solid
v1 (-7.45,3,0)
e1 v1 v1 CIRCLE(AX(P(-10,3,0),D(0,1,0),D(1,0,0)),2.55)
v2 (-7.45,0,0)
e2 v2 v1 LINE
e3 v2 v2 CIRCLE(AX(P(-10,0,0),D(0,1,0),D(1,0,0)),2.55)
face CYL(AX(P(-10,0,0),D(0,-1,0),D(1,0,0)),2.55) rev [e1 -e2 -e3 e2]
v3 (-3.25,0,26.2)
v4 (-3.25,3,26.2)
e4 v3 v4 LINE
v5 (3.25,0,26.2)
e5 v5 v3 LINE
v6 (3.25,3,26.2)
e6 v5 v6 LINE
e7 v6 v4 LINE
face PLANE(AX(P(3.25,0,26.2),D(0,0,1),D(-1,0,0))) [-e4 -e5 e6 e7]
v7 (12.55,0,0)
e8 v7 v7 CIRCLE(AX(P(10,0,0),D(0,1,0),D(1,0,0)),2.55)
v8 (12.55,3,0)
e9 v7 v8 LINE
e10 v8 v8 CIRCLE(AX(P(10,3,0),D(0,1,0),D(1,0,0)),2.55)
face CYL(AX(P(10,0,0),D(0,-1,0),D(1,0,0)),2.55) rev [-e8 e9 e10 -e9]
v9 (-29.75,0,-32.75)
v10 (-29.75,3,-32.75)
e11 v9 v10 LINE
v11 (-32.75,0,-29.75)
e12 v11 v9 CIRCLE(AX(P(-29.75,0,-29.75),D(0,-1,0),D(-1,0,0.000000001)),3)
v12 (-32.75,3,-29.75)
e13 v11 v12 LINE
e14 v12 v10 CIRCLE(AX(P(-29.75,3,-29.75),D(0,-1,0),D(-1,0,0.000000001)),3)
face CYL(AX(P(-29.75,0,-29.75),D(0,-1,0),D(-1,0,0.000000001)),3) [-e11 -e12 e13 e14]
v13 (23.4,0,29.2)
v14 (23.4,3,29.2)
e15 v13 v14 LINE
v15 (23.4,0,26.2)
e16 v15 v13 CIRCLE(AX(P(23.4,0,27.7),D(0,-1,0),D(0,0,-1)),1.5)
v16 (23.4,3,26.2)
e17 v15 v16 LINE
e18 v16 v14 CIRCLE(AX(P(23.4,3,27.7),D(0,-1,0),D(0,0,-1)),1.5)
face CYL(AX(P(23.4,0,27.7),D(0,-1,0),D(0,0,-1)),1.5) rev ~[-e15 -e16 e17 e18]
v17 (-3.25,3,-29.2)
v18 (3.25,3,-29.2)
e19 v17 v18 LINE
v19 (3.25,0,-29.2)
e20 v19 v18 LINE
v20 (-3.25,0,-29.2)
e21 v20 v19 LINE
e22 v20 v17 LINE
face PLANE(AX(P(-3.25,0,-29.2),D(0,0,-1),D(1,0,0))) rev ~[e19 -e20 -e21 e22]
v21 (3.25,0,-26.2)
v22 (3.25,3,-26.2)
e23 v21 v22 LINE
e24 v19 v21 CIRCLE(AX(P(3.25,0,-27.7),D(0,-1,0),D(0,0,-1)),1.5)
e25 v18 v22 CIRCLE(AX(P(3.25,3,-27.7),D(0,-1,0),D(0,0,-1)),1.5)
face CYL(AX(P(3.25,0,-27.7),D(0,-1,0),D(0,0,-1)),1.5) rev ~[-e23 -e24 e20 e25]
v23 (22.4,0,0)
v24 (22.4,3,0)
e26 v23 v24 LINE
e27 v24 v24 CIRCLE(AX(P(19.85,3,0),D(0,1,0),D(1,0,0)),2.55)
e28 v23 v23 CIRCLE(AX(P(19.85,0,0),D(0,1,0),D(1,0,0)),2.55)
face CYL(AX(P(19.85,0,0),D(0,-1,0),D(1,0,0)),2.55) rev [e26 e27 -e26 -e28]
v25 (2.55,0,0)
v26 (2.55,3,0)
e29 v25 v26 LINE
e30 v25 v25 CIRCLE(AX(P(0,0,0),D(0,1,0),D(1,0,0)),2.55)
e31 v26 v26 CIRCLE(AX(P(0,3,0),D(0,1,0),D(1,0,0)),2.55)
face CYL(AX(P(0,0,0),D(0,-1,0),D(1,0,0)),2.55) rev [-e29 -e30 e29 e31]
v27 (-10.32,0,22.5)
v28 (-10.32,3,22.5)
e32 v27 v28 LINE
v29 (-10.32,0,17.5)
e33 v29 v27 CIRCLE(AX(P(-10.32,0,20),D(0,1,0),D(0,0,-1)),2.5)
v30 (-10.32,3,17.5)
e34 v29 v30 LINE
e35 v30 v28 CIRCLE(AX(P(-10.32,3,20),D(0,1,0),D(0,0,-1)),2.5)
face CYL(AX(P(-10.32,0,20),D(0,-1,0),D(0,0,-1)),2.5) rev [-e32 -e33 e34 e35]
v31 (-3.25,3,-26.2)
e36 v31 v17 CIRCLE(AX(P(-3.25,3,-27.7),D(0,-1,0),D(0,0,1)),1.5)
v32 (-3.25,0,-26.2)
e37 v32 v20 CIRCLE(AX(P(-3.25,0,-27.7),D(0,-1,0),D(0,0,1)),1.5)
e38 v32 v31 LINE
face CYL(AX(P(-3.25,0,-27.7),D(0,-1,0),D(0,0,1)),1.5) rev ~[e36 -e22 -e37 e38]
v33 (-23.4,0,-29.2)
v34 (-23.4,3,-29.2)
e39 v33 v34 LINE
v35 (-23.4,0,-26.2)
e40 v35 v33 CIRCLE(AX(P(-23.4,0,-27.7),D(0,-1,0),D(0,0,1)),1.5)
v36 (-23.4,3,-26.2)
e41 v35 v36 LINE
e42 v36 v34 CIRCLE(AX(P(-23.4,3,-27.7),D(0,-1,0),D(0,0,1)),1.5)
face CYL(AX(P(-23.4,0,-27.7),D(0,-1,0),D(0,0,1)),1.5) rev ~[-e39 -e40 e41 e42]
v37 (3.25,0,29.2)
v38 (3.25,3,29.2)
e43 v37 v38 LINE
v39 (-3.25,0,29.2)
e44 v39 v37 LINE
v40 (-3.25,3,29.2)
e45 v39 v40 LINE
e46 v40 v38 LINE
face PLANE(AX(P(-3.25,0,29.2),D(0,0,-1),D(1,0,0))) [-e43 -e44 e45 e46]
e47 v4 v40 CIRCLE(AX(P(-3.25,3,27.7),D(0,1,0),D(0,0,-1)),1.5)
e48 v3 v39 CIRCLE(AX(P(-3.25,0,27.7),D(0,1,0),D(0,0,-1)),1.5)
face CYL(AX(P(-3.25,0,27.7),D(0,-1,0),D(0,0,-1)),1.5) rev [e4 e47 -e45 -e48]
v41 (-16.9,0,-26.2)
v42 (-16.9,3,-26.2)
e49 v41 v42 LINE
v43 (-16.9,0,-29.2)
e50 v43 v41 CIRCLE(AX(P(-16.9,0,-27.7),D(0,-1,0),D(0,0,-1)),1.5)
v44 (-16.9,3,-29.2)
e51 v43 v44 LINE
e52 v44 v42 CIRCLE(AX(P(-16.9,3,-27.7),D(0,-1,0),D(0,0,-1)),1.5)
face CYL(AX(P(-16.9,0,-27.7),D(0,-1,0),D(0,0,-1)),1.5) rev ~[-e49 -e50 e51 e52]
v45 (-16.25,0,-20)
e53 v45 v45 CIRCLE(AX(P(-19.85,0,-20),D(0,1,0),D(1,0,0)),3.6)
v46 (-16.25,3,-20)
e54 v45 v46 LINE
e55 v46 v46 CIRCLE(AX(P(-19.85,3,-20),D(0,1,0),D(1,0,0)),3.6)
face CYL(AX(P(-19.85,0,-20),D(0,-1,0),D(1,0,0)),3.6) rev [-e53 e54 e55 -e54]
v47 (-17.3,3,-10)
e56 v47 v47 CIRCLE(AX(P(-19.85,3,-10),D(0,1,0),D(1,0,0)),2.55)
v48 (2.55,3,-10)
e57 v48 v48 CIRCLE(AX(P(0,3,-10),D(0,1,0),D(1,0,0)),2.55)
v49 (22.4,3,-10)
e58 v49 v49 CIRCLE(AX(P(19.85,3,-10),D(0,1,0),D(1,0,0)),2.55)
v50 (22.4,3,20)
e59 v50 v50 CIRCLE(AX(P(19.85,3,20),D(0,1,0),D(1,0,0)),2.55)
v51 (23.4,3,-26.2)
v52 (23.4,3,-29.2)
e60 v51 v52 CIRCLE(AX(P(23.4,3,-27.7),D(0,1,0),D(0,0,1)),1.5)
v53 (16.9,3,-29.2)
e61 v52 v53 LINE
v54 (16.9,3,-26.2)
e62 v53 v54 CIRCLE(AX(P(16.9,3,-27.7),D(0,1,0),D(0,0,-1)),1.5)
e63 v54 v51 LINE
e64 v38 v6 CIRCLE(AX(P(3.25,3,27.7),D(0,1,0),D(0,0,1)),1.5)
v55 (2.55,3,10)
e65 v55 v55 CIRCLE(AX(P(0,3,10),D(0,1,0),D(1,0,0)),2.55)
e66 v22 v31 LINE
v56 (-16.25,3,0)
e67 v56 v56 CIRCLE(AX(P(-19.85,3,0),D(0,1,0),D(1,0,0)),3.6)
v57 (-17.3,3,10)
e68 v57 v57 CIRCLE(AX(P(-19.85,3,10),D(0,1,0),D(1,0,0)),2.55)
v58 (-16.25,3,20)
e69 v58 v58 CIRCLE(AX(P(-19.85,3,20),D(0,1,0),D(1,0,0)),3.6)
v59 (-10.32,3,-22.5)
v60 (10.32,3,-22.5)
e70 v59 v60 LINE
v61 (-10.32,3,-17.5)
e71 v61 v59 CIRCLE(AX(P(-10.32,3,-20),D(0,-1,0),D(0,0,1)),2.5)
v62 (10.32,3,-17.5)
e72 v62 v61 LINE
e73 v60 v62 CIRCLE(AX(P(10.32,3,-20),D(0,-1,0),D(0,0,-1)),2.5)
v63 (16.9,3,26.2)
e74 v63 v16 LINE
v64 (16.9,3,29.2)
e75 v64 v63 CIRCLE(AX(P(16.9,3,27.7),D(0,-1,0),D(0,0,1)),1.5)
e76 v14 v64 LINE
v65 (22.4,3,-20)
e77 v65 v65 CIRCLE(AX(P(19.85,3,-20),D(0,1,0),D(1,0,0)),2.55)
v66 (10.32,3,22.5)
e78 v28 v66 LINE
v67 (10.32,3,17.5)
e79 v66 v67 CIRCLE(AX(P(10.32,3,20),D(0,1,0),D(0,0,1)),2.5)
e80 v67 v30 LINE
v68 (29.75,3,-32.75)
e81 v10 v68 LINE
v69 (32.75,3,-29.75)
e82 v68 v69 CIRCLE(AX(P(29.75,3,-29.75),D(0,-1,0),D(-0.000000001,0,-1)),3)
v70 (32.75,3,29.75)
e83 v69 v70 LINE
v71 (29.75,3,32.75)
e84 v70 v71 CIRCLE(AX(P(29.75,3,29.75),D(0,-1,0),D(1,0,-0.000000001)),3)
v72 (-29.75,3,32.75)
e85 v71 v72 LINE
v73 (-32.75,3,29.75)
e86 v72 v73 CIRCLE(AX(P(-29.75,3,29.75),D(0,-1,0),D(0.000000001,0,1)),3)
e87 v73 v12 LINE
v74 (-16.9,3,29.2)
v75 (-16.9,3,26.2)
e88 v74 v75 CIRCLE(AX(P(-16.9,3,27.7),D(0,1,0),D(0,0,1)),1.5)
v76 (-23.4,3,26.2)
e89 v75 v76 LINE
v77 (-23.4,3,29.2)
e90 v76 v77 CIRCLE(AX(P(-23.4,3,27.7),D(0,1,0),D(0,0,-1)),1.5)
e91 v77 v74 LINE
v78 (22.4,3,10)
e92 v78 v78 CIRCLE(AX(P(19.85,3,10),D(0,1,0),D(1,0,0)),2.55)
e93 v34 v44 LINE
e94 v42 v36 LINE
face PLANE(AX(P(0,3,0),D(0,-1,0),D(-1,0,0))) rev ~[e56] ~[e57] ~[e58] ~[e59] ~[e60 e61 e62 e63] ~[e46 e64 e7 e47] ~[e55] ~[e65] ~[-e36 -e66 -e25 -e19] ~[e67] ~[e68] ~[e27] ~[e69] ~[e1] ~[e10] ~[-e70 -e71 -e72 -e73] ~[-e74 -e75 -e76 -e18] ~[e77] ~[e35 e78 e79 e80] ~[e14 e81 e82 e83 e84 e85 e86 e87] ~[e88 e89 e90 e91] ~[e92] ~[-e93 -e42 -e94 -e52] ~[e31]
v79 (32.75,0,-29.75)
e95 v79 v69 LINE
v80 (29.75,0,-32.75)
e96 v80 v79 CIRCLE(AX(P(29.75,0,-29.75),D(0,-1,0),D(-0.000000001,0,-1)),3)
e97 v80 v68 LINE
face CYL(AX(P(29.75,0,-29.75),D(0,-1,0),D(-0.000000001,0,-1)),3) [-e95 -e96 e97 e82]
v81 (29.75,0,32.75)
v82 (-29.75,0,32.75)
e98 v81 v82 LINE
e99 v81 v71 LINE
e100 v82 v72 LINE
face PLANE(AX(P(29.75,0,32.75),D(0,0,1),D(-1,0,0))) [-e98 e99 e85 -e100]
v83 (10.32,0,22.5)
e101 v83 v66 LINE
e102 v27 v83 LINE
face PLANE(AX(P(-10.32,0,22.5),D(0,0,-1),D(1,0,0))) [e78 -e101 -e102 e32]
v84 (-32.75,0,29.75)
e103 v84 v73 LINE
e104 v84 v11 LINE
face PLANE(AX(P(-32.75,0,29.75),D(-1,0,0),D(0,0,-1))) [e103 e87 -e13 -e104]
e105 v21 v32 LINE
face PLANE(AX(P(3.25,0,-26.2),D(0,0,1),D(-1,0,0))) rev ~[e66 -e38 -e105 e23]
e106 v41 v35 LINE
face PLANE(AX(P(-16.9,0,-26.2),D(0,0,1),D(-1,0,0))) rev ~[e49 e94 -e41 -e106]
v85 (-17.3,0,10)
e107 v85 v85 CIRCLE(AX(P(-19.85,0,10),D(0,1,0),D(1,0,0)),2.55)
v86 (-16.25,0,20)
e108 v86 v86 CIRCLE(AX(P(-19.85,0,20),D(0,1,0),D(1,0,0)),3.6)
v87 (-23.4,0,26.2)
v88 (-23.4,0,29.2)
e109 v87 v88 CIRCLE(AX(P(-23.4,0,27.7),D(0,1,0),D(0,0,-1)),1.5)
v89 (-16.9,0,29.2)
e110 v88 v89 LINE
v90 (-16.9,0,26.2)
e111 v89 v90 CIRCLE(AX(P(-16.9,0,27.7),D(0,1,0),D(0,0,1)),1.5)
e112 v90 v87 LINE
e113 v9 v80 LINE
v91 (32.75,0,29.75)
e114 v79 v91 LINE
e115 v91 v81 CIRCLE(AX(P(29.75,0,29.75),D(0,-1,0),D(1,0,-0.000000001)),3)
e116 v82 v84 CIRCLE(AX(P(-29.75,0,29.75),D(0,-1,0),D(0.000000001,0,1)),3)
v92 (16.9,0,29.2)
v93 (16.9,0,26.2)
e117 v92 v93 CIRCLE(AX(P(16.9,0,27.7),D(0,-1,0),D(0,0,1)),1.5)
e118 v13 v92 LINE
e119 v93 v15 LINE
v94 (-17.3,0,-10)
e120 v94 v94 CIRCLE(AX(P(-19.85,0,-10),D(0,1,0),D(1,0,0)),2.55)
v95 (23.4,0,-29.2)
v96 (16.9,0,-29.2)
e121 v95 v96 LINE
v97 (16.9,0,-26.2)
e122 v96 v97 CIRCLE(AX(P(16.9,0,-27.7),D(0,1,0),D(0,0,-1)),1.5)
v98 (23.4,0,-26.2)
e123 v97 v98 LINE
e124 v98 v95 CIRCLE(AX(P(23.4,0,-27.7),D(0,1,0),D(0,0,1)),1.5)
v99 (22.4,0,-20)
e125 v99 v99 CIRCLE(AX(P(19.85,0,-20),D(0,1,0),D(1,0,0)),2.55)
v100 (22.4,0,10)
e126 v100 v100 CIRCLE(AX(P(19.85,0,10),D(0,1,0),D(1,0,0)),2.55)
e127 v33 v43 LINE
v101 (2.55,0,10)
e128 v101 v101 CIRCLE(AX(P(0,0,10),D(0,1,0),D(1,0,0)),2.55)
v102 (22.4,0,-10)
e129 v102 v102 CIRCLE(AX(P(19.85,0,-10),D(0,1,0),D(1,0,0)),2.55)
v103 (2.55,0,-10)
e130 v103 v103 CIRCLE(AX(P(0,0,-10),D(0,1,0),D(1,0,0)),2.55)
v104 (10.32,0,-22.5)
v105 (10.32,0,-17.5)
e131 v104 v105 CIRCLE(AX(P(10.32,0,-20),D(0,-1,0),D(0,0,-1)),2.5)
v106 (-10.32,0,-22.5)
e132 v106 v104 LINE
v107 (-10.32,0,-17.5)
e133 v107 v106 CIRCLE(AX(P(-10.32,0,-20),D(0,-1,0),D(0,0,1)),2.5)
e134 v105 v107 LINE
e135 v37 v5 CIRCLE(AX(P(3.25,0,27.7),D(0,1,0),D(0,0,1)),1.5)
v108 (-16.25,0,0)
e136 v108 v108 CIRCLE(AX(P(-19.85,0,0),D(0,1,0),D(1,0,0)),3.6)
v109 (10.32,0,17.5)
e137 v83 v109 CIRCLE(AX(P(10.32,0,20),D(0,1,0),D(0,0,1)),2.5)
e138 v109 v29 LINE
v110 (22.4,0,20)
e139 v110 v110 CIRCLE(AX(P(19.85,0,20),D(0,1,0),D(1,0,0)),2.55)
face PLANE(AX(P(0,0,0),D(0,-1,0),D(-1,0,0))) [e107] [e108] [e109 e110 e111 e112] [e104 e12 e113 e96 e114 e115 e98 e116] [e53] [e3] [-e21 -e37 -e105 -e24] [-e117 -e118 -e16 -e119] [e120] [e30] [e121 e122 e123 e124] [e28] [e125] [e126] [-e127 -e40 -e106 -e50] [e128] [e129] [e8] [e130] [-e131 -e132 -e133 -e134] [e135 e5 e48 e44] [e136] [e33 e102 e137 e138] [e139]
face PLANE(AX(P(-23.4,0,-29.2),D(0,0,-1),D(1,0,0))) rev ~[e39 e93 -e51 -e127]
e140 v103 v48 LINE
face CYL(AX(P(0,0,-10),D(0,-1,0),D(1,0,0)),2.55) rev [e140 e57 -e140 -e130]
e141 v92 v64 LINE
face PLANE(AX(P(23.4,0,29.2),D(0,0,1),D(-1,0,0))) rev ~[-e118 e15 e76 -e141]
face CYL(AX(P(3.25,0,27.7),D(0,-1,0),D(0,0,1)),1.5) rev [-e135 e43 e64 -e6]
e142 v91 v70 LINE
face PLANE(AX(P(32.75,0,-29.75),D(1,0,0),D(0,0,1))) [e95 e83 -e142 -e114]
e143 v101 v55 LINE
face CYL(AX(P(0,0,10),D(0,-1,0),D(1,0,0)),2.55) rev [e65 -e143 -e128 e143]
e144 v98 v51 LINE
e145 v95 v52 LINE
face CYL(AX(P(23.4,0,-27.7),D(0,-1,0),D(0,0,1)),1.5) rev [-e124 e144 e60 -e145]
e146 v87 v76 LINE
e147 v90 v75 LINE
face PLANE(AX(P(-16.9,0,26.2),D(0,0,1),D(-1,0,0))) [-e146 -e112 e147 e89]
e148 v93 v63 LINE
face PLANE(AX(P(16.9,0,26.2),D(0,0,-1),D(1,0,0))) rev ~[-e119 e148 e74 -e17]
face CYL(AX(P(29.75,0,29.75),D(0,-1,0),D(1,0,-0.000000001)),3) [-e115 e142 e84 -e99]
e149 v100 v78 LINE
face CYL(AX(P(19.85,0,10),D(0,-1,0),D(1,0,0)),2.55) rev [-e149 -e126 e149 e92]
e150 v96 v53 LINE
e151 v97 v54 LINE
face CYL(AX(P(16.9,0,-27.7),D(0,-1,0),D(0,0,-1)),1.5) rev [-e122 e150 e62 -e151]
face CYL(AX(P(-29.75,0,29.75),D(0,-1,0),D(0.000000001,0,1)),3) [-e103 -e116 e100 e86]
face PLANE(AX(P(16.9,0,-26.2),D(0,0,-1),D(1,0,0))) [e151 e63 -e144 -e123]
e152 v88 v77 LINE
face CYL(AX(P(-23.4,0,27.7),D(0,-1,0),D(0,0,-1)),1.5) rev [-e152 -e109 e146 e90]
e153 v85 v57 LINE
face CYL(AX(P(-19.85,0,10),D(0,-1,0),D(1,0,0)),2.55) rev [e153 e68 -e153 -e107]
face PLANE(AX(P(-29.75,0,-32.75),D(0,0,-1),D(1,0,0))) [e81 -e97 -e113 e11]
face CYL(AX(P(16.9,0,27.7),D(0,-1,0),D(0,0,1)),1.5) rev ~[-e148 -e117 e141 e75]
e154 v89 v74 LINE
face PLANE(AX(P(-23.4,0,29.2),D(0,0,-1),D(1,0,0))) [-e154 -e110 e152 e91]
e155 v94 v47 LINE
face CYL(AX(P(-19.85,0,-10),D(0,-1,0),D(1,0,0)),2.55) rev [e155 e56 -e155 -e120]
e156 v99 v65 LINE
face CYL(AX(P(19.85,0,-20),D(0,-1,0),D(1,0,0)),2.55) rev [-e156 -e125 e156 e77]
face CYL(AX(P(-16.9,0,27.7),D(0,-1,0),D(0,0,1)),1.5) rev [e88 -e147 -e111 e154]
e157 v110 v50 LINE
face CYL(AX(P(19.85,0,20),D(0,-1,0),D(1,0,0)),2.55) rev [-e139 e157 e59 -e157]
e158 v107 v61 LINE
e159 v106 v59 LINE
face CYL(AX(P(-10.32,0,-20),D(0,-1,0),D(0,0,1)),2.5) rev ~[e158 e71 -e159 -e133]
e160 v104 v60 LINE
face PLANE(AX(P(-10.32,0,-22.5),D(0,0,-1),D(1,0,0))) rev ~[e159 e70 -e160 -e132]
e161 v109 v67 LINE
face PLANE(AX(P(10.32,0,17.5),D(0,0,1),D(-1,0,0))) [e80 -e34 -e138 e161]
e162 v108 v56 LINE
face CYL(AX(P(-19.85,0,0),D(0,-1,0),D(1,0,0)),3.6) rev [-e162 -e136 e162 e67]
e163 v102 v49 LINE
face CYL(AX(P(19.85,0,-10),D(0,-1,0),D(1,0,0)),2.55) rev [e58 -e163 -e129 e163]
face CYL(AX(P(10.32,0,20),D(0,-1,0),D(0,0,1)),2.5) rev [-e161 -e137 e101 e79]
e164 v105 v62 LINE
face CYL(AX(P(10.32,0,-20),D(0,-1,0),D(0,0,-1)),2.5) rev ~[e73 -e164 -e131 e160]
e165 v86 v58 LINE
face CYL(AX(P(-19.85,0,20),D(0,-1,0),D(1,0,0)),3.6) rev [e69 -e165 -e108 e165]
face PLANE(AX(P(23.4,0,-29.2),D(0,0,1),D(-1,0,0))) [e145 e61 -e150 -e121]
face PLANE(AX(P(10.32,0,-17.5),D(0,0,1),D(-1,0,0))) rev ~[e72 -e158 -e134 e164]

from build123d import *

# Parameters (mm, degrees)
SKETCH1_R           = 2.55
SKETCH1_R_2         = 3.6
BOSS_EXTRUDE1_DEPTH = 3


with BuildPart() as part:
    # Sketch1 → Boss-Extrude1 (new body)
    with BuildSketch(Plane(origin=(0, 0, 0), x_dir=(1, 0, 0), z_dir=(0, 1, 0))):
        with BuildLine():
            Line((29.75, -32.75), (-29.75, -32.75))
            ThreePointArc((-29.75, -32.75), (-31.871320344, -31.871320344), (-32.75, -29.75))
            Line((-32.75, -29.75), (-32.75, 29.75))
            ThreePointArc((-32.75, 29.75), (-31.871320344, 31.871320344), (-29.75, 32.75))
            Line((-29.75, 32.75), (29.75, 32.75))
            ThreePointArc((29.75, 32.75), (31.871320344, 31.871320344), (32.75, 29.75))
            Line((32.75, 29.75), (32.75, -29.75))
            ThreePointArc((32.75, -29.75), (31.871320344, -31.871320344), (29.75, -32.75))
        make_face()
        with Locations((0, 10)):
            Circle(SKETCH1_R, mode=Mode.SUBTRACT)
        Circle(SKETCH1_R, mode=Mode.SUBTRACT)
        with Locations((10, 0)):
            Circle(SKETCH1_R, mode=Mode.SUBTRACT)
        with Locations((-10, 0)):
            Circle(SKETCH1_R, mode=Mode.SUBTRACT)
        with Locations((-19.85, 20)):
            Circle(SKETCH1_R_2, mode=Mode.SUBTRACT)
        with Locations((-19.85, 0)):
            Circle(SKETCH1_R_2, mode=Mode.SUBTRACT)
        with Locations((-19.85, -20)):
            Circle(SKETCH1_R_2, mode=Mode.SUBTRACT)
        with Locations((-19.85, 10)):
            Circle(SKETCH1_R, mode=Mode.SUBTRACT)
        with Locations((19.85, 20)):
            Circle(SKETCH1_R, mode=Mode.SUBTRACT)
        with Locations((19.85, 0)):
            Circle(SKETCH1_R, mode=Mode.SUBTRACT)
        with Locations((19.85, -20)):
            Circle(SKETCH1_R, mode=Mode.SUBTRACT)
        with Locations((0, -10)):
            Circle(SKETCH1_R, mode=Mode.SUBTRACT)
        with Locations((19.85, 10)):
            Circle(SKETCH1_R, mode=Mode.SUBTRACT)
        with Locations((19.85, -10)):
            Circle(SKETCH1_R, mode=Mode.SUBTRACT)
        with Locations((-19.85, -10)):
            Circle(SKETCH1_R, mode=Mode.SUBTRACT)
        with BuildLine():
            Line((10.32, 17.5), (-10.32, 17.5))
            ThreePointArc((-10.32, 17.5), (-12.82, 20), (-10.32, 22.5))
            Line((-10.32, 22.5), (10.32, 22.5))
            ThreePointArc((10.32, 22.5), (12.82, 20), (10.32, 17.5))
        make_face(mode=Mode.SUBTRACT)
        with BuildLine():
            Line((3.25, 26.2), (-3.25, 26.2))
            ThreePointArc((-3.25, 26.2), (-4.75, 27.7), (-3.25, 29.2))
            Line((-3.25, 29.2), (3.25, 29.2))
            ThreePointArc((3.25, 29.2), (4.75, 27.7), (3.25, 26.2))
        make_face(mode=Mode.SUBTRACT)
        with BuildLine():
            Line((-16.9, 26.2), (-23.4, 26.2))
            ThreePointArc((-23.4, 26.2), (-24.9, 27.7), (-23.4, 29.2))
            Line((-23.4, 29.2), (-16.9, 29.2))
            ThreePointArc((-16.9, 29.2), (-15.4, 27.7), (-16.9, 26.2))
        make_face(mode=Mode.SUBTRACT)
        with BuildLine():
            Line((16.9, 26.2), (23.4, 26.2))
            ThreePointArc((23.4, 26.2), (24.9, 27.7), (23.4, 29.2))
            Line((23.4, 29.2), (16.9, 29.2))
            ThreePointArc((16.9, 29.2), (15.4, 27.7), (16.9, 26.2))
        make_face(mode=Mode.SUBTRACT)
        with BuildLine():
            Line((10.32, -17.5), (-10.32, -17.5))
            ThreePointArc((-10.32, -17.5), (-12.82, -20), (-10.32, -22.5))
            Line((-10.32, -22.5), (10.32, -22.5))
            ThreePointArc((10.32, -22.5), (12.82, -20), (10.32, -17.5))
        make_face(mode=Mode.SUBTRACT)
        with BuildLine():
            Line((-16.9, -26.2), (-23.4, -26.2))
            ThreePointArc((-23.4, -26.2), (-24.9, -27.7), (-23.4, -29.2))
            Line((-23.4, -29.2), (-16.9, -29.2))
            ThreePointArc((-16.9, -29.2), (-15.4, -27.7), (-16.9, -26.2))
        make_face(mode=Mode.SUBTRACT)
        with BuildLine():
            Line((3.25, -26.2), (-3.25, -26.2))
            ThreePointArc((-3.25, -26.2), (-4.75, -27.7), (-3.25, -29.2))
            Line((-3.25, -29.2), (3.25, -29.2))
            ThreePointArc((3.25, -29.2), (4.75, -27.7), (3.25, -26.2))
        make_face(mode=Mode.SUBTRACT)
        with BuildLine():
            Line((16.9, -26.2), (23.4, -26.2))
            ThreePointArc((23.4, -26.2), (24.9, -27.7), (23.4, -29.2))
            Line((23.4, -29.2), (16.9, -29.2))
            ThreePointArc((16.9, -29.2), (15.4, -27.7), (16.9, -26.2))
        make_face(mode=Mode.SUBTRACT)
    extrude(amount=BOSS_EXTRUDE1_DEPTH)


solid = part.part
